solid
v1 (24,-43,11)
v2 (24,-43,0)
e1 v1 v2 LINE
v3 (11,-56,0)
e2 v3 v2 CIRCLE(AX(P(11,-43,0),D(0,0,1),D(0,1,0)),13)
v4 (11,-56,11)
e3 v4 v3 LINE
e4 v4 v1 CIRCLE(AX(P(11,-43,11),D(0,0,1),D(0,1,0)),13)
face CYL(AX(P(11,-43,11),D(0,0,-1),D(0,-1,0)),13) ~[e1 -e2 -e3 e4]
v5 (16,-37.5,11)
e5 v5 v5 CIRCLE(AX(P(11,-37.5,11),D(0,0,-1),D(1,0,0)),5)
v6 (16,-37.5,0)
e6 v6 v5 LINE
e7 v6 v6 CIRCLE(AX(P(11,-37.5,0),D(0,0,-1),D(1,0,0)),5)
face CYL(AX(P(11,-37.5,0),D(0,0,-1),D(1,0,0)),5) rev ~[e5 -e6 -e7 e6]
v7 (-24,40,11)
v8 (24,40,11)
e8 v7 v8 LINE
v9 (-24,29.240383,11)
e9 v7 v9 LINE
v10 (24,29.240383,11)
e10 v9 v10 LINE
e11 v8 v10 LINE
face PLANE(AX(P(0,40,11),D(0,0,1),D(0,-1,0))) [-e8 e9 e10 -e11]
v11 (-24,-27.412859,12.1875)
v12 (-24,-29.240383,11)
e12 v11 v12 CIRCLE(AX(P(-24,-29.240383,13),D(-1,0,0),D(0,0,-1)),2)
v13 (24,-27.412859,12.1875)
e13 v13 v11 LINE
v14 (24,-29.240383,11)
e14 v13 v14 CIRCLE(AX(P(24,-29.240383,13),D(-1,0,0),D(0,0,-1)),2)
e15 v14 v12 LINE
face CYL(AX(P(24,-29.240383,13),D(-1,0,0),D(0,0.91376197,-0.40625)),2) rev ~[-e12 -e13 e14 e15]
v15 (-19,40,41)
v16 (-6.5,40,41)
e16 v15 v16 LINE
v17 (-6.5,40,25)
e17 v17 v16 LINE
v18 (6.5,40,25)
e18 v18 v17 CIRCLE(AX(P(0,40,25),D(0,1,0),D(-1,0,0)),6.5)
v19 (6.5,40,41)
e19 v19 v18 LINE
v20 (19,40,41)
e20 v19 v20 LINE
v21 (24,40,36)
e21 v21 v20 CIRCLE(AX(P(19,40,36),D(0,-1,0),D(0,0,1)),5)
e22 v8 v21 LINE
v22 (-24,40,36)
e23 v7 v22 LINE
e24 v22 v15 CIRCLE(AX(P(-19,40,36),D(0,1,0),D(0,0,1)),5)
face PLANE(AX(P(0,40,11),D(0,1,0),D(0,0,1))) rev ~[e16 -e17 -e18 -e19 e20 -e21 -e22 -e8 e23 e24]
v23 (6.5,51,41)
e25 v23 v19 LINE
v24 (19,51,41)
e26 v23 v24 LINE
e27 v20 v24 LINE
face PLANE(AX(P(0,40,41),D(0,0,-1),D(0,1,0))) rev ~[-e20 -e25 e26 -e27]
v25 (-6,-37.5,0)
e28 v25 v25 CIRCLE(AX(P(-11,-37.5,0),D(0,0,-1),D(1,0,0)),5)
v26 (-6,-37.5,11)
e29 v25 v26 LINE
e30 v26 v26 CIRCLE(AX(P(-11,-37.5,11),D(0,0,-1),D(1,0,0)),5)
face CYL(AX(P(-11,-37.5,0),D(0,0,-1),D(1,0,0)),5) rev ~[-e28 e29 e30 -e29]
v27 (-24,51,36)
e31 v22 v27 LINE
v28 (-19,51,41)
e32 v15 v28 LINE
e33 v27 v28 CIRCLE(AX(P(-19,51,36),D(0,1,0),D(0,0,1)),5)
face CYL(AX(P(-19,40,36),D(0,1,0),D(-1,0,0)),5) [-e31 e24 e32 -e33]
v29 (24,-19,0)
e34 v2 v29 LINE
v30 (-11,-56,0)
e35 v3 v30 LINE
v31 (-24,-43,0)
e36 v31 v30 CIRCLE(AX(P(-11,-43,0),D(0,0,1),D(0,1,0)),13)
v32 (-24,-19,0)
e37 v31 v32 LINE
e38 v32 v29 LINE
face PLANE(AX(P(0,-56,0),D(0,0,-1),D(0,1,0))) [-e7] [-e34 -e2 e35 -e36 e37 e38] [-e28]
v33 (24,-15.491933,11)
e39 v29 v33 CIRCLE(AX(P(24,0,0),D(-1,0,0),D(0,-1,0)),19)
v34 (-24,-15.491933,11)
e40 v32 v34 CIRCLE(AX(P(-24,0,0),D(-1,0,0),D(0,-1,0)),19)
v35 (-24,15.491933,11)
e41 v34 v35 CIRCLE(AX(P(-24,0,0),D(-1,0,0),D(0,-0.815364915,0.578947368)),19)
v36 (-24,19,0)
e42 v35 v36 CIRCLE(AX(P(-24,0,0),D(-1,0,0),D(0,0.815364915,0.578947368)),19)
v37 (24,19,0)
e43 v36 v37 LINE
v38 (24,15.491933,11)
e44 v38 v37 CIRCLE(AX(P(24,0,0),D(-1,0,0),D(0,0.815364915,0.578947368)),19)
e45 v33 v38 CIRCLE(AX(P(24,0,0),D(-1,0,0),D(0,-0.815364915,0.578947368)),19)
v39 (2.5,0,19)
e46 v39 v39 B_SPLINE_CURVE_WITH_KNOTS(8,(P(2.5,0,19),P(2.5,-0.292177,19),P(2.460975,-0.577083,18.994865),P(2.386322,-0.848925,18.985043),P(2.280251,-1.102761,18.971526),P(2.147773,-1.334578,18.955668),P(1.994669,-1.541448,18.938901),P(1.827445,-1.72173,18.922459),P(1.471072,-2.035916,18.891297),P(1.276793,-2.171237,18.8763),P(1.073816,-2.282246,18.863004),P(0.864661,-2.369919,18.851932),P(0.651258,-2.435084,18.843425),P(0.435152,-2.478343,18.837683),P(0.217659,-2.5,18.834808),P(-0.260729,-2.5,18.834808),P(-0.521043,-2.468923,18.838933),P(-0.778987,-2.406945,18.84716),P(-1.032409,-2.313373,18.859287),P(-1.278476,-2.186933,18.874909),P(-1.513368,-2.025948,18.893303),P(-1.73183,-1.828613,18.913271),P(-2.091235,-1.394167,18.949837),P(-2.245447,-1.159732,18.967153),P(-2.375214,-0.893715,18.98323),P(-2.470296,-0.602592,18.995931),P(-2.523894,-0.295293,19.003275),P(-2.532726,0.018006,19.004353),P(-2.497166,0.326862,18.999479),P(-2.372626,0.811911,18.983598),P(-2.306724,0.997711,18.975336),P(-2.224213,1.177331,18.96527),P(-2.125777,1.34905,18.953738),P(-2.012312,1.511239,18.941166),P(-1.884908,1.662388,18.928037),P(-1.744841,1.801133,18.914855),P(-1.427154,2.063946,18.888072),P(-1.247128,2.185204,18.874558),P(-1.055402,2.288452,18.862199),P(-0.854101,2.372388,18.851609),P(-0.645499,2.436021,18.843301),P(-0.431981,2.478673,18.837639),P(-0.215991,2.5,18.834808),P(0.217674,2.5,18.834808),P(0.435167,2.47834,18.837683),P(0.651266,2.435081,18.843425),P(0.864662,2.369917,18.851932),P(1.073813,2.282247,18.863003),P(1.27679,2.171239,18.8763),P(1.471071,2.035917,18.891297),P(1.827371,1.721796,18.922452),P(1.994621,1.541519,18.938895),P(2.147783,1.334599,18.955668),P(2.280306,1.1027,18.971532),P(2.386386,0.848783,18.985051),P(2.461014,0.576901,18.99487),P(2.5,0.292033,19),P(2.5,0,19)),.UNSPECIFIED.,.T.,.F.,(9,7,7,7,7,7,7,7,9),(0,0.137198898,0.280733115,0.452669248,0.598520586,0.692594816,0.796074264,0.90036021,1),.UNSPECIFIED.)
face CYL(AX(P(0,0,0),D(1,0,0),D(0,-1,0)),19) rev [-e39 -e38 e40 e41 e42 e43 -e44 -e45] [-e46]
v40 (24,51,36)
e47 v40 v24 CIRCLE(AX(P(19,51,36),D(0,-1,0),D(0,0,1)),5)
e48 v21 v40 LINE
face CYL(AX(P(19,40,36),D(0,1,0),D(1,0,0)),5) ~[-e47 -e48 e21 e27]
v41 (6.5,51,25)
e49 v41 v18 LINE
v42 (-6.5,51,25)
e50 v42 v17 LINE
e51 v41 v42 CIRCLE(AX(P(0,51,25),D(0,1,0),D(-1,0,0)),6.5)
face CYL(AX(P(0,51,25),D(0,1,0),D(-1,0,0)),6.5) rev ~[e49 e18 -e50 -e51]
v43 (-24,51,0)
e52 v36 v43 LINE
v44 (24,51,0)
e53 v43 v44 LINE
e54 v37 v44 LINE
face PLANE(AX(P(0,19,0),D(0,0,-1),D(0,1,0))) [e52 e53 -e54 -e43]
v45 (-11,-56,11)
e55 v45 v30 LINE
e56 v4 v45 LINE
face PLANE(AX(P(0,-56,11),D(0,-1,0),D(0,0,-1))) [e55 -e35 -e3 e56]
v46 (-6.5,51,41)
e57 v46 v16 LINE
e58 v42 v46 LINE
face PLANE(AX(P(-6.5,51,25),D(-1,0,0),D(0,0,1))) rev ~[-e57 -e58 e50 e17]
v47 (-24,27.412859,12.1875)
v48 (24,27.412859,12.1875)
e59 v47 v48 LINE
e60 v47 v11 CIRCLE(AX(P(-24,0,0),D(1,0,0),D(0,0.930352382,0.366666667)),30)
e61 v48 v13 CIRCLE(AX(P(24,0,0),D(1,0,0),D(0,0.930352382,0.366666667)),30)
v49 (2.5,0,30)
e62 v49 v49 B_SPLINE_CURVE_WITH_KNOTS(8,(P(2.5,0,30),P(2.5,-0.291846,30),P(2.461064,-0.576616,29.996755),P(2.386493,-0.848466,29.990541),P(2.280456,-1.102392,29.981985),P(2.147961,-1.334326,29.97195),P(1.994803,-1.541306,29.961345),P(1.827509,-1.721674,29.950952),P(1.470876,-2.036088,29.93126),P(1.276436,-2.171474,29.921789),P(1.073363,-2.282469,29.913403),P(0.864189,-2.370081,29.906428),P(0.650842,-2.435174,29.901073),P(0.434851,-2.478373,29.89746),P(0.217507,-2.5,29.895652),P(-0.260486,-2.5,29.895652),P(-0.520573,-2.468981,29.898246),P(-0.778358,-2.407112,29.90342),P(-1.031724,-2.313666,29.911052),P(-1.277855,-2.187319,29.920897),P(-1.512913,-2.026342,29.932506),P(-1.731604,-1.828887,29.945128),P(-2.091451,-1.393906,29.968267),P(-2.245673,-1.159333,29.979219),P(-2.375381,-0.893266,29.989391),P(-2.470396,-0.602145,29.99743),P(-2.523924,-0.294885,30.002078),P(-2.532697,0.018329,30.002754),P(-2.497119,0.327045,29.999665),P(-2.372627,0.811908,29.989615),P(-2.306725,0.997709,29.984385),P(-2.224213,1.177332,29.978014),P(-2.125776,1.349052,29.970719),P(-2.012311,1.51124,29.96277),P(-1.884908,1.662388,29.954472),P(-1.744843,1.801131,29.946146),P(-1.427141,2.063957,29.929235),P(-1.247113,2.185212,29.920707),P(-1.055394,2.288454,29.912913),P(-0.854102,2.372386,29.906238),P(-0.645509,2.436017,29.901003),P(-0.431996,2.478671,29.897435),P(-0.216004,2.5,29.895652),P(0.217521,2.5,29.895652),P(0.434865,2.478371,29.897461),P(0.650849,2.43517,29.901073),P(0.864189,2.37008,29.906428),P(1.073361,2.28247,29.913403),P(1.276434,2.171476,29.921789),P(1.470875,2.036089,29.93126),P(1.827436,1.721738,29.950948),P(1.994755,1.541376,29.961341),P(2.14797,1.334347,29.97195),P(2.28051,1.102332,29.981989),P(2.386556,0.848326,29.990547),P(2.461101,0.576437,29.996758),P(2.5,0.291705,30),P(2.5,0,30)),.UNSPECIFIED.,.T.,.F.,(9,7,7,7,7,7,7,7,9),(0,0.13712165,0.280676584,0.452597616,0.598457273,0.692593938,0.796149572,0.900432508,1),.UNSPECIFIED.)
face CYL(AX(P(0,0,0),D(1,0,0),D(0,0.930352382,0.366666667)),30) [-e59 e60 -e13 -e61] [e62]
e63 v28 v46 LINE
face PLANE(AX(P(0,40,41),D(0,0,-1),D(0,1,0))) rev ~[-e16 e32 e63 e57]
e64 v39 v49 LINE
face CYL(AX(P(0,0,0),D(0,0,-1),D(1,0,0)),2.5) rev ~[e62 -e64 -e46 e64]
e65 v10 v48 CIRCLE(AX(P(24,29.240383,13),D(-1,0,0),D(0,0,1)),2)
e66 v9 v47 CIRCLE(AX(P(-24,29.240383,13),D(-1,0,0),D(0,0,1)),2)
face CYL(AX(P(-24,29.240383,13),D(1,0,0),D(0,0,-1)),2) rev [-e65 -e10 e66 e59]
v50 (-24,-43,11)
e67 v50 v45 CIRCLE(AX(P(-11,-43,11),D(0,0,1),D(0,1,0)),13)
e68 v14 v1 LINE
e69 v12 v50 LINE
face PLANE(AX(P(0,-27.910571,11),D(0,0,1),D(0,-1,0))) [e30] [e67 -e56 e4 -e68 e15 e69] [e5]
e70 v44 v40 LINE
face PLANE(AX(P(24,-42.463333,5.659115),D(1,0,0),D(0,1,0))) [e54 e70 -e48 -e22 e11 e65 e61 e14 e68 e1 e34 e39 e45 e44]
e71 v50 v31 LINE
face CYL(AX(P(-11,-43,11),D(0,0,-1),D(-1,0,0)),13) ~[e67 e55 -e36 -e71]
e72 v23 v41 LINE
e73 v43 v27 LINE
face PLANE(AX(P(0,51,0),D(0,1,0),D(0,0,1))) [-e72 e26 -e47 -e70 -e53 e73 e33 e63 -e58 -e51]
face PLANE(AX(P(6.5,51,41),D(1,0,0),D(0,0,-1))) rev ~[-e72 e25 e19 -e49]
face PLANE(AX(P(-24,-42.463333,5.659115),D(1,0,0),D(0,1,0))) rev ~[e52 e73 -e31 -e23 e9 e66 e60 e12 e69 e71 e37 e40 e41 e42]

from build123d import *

# Parameters (mm, degrees)
F0_W     = 11
F0_H     = 30
F1_DEPTH = 24
F3_DEPTH = 11
F4_R     = 5
F4_R_2   = 2.5
F5_DEPTH = 41.001
F6_R     = 13
F7_R     = 5
F8_R     = 2


with BuildPart() as f1:
    # F0 (on Right) → F1 (new body, symmetric)
    with BuildSketch(Plane.YZ):
        with BuildLine():
            Line((-56, 0), (-30, 0))
            ThreePointArc((-30, 0), (-29.4730143031, 5.5983415304), (-27.9105714739, 11))
            Line((-27.9105714739, 11), (-56, 11))
            Line((-56, 11), (-56, 0))
        make_face()
        with BuildLine():
            Line((-30, 0), (-19, 0))
            ThreePointArc((-19, 0), (-18.1017503893, 5.7729223833), (-15.4919333848, 11))
            Line((-15.4919333848, 11), (-27.9105714739, 11))
            ThreePointArc((-27.9105714739, 11), (-29.4730143031, 5.5983415304), (-30, 0))
        make_face()
        with BuildLine():
            ThreePointArc((15.4919333848, 11), (18.1017503893, 5.7729223833), (19, 0))
            Line((19, 0), (30, 0))
            ThreePointArc((30, 0), (29.4730143031, 5.5983415304), (27.9105714739, 11))
            Line((27.9105714739, 11), (15.4919333848, 11))
        make_face()
        with BuildLine():
            ThreePointArc((-15.4919333848, 11), (0, 19), (15.4919333848, 11))
            Line((15.4919333848, 11), (27.9105714739, 11))
            ThreePointArc((27.9105714739, 11), (0, 30), (-27.9105714739, 11))
            Line((-27.9105714739, 11), (-15.4919333848, 11))
        make_face()
        with BuildLine():
            ThreePointArc((27.9105714739, 11), (29.4730143031, 5.5983415304), (30, 0))
            Line((30, 0), (51, 0))
            Line((51, 0), (51, 11))
            Line((51, 11), (40, 11))
            Line((40, 11), (27.9105714739, 11))
        make_face()
        with Locations((45.5, 26)):
            Rectangle(F0_W, F0_H)
    extrude(amount=F1_DEPTH, both=True)

    # F2 (on face) → F3 (cut, through all)
    with BuildSketch(Plane(origin=(0, 51, 0), x_dir=(-1, 0, 0), z_dir=(0, 1, 0))):
        with BuildLine():
            ThreePointArc((-6.5, 25), (0, 31.5), (6.5, 25))
            Line((6.5, 25), (6.5, 41))
            Line((6.5, 41), (-6.5, 41))
            Line((-6.5, 41), (-6.5, 25))
        make_face()
        with BuildLine():
            ThreePointArc((-6.5, 25), (0, 18.5), (6.5, 25))
            ThreePointArc((6.5, 25), (0, 31.5), (-6.5, 25))
        make_face()
    extrude(amount=-F3_DEPTH, mode=Mode.SUBTRACT)

    # F4 (on face) → F5 (cut, through all)
    with BuildSketch(Plane(origin=(0, 0, 0), x_dir=(1, 0, 0), z_dir=(0, 0, -1))):
        with Locations((11, 37.5)):
            Circle(F4_R)
        Circle(F4_R_2)
        with Locations((-11, 37.5)):
            Circle(F4_R)
    extrude(amount=-F5_DEPTH, mode=Mode.SUBTRACT)

    # F6
    f6_edges = [f1.edges().sort_by_distance(p)[0] for p in [
        (-24, -56, 5.5),
        (24, -56, 5.5),
    ]]
    fillet(f6_edges, radius=F6_R)

    # F7
    f7_edges = [f1.edges().sort_by_distance(p)[0] for p in [
        (-24, 45.5, 41),
        (24, 45.5, 41),
    ]]
    fillet(f7_edges, radius=F7_R)

    # F8
    f8_edges = [f1.edges().sort_by_distance(p)[0] for p in [
        (0, -27.910571, 11),
        (0, 27.910571, 11),
    ]]
    fillet(f8_edges, radius=F8_R)


solid = f1.part
